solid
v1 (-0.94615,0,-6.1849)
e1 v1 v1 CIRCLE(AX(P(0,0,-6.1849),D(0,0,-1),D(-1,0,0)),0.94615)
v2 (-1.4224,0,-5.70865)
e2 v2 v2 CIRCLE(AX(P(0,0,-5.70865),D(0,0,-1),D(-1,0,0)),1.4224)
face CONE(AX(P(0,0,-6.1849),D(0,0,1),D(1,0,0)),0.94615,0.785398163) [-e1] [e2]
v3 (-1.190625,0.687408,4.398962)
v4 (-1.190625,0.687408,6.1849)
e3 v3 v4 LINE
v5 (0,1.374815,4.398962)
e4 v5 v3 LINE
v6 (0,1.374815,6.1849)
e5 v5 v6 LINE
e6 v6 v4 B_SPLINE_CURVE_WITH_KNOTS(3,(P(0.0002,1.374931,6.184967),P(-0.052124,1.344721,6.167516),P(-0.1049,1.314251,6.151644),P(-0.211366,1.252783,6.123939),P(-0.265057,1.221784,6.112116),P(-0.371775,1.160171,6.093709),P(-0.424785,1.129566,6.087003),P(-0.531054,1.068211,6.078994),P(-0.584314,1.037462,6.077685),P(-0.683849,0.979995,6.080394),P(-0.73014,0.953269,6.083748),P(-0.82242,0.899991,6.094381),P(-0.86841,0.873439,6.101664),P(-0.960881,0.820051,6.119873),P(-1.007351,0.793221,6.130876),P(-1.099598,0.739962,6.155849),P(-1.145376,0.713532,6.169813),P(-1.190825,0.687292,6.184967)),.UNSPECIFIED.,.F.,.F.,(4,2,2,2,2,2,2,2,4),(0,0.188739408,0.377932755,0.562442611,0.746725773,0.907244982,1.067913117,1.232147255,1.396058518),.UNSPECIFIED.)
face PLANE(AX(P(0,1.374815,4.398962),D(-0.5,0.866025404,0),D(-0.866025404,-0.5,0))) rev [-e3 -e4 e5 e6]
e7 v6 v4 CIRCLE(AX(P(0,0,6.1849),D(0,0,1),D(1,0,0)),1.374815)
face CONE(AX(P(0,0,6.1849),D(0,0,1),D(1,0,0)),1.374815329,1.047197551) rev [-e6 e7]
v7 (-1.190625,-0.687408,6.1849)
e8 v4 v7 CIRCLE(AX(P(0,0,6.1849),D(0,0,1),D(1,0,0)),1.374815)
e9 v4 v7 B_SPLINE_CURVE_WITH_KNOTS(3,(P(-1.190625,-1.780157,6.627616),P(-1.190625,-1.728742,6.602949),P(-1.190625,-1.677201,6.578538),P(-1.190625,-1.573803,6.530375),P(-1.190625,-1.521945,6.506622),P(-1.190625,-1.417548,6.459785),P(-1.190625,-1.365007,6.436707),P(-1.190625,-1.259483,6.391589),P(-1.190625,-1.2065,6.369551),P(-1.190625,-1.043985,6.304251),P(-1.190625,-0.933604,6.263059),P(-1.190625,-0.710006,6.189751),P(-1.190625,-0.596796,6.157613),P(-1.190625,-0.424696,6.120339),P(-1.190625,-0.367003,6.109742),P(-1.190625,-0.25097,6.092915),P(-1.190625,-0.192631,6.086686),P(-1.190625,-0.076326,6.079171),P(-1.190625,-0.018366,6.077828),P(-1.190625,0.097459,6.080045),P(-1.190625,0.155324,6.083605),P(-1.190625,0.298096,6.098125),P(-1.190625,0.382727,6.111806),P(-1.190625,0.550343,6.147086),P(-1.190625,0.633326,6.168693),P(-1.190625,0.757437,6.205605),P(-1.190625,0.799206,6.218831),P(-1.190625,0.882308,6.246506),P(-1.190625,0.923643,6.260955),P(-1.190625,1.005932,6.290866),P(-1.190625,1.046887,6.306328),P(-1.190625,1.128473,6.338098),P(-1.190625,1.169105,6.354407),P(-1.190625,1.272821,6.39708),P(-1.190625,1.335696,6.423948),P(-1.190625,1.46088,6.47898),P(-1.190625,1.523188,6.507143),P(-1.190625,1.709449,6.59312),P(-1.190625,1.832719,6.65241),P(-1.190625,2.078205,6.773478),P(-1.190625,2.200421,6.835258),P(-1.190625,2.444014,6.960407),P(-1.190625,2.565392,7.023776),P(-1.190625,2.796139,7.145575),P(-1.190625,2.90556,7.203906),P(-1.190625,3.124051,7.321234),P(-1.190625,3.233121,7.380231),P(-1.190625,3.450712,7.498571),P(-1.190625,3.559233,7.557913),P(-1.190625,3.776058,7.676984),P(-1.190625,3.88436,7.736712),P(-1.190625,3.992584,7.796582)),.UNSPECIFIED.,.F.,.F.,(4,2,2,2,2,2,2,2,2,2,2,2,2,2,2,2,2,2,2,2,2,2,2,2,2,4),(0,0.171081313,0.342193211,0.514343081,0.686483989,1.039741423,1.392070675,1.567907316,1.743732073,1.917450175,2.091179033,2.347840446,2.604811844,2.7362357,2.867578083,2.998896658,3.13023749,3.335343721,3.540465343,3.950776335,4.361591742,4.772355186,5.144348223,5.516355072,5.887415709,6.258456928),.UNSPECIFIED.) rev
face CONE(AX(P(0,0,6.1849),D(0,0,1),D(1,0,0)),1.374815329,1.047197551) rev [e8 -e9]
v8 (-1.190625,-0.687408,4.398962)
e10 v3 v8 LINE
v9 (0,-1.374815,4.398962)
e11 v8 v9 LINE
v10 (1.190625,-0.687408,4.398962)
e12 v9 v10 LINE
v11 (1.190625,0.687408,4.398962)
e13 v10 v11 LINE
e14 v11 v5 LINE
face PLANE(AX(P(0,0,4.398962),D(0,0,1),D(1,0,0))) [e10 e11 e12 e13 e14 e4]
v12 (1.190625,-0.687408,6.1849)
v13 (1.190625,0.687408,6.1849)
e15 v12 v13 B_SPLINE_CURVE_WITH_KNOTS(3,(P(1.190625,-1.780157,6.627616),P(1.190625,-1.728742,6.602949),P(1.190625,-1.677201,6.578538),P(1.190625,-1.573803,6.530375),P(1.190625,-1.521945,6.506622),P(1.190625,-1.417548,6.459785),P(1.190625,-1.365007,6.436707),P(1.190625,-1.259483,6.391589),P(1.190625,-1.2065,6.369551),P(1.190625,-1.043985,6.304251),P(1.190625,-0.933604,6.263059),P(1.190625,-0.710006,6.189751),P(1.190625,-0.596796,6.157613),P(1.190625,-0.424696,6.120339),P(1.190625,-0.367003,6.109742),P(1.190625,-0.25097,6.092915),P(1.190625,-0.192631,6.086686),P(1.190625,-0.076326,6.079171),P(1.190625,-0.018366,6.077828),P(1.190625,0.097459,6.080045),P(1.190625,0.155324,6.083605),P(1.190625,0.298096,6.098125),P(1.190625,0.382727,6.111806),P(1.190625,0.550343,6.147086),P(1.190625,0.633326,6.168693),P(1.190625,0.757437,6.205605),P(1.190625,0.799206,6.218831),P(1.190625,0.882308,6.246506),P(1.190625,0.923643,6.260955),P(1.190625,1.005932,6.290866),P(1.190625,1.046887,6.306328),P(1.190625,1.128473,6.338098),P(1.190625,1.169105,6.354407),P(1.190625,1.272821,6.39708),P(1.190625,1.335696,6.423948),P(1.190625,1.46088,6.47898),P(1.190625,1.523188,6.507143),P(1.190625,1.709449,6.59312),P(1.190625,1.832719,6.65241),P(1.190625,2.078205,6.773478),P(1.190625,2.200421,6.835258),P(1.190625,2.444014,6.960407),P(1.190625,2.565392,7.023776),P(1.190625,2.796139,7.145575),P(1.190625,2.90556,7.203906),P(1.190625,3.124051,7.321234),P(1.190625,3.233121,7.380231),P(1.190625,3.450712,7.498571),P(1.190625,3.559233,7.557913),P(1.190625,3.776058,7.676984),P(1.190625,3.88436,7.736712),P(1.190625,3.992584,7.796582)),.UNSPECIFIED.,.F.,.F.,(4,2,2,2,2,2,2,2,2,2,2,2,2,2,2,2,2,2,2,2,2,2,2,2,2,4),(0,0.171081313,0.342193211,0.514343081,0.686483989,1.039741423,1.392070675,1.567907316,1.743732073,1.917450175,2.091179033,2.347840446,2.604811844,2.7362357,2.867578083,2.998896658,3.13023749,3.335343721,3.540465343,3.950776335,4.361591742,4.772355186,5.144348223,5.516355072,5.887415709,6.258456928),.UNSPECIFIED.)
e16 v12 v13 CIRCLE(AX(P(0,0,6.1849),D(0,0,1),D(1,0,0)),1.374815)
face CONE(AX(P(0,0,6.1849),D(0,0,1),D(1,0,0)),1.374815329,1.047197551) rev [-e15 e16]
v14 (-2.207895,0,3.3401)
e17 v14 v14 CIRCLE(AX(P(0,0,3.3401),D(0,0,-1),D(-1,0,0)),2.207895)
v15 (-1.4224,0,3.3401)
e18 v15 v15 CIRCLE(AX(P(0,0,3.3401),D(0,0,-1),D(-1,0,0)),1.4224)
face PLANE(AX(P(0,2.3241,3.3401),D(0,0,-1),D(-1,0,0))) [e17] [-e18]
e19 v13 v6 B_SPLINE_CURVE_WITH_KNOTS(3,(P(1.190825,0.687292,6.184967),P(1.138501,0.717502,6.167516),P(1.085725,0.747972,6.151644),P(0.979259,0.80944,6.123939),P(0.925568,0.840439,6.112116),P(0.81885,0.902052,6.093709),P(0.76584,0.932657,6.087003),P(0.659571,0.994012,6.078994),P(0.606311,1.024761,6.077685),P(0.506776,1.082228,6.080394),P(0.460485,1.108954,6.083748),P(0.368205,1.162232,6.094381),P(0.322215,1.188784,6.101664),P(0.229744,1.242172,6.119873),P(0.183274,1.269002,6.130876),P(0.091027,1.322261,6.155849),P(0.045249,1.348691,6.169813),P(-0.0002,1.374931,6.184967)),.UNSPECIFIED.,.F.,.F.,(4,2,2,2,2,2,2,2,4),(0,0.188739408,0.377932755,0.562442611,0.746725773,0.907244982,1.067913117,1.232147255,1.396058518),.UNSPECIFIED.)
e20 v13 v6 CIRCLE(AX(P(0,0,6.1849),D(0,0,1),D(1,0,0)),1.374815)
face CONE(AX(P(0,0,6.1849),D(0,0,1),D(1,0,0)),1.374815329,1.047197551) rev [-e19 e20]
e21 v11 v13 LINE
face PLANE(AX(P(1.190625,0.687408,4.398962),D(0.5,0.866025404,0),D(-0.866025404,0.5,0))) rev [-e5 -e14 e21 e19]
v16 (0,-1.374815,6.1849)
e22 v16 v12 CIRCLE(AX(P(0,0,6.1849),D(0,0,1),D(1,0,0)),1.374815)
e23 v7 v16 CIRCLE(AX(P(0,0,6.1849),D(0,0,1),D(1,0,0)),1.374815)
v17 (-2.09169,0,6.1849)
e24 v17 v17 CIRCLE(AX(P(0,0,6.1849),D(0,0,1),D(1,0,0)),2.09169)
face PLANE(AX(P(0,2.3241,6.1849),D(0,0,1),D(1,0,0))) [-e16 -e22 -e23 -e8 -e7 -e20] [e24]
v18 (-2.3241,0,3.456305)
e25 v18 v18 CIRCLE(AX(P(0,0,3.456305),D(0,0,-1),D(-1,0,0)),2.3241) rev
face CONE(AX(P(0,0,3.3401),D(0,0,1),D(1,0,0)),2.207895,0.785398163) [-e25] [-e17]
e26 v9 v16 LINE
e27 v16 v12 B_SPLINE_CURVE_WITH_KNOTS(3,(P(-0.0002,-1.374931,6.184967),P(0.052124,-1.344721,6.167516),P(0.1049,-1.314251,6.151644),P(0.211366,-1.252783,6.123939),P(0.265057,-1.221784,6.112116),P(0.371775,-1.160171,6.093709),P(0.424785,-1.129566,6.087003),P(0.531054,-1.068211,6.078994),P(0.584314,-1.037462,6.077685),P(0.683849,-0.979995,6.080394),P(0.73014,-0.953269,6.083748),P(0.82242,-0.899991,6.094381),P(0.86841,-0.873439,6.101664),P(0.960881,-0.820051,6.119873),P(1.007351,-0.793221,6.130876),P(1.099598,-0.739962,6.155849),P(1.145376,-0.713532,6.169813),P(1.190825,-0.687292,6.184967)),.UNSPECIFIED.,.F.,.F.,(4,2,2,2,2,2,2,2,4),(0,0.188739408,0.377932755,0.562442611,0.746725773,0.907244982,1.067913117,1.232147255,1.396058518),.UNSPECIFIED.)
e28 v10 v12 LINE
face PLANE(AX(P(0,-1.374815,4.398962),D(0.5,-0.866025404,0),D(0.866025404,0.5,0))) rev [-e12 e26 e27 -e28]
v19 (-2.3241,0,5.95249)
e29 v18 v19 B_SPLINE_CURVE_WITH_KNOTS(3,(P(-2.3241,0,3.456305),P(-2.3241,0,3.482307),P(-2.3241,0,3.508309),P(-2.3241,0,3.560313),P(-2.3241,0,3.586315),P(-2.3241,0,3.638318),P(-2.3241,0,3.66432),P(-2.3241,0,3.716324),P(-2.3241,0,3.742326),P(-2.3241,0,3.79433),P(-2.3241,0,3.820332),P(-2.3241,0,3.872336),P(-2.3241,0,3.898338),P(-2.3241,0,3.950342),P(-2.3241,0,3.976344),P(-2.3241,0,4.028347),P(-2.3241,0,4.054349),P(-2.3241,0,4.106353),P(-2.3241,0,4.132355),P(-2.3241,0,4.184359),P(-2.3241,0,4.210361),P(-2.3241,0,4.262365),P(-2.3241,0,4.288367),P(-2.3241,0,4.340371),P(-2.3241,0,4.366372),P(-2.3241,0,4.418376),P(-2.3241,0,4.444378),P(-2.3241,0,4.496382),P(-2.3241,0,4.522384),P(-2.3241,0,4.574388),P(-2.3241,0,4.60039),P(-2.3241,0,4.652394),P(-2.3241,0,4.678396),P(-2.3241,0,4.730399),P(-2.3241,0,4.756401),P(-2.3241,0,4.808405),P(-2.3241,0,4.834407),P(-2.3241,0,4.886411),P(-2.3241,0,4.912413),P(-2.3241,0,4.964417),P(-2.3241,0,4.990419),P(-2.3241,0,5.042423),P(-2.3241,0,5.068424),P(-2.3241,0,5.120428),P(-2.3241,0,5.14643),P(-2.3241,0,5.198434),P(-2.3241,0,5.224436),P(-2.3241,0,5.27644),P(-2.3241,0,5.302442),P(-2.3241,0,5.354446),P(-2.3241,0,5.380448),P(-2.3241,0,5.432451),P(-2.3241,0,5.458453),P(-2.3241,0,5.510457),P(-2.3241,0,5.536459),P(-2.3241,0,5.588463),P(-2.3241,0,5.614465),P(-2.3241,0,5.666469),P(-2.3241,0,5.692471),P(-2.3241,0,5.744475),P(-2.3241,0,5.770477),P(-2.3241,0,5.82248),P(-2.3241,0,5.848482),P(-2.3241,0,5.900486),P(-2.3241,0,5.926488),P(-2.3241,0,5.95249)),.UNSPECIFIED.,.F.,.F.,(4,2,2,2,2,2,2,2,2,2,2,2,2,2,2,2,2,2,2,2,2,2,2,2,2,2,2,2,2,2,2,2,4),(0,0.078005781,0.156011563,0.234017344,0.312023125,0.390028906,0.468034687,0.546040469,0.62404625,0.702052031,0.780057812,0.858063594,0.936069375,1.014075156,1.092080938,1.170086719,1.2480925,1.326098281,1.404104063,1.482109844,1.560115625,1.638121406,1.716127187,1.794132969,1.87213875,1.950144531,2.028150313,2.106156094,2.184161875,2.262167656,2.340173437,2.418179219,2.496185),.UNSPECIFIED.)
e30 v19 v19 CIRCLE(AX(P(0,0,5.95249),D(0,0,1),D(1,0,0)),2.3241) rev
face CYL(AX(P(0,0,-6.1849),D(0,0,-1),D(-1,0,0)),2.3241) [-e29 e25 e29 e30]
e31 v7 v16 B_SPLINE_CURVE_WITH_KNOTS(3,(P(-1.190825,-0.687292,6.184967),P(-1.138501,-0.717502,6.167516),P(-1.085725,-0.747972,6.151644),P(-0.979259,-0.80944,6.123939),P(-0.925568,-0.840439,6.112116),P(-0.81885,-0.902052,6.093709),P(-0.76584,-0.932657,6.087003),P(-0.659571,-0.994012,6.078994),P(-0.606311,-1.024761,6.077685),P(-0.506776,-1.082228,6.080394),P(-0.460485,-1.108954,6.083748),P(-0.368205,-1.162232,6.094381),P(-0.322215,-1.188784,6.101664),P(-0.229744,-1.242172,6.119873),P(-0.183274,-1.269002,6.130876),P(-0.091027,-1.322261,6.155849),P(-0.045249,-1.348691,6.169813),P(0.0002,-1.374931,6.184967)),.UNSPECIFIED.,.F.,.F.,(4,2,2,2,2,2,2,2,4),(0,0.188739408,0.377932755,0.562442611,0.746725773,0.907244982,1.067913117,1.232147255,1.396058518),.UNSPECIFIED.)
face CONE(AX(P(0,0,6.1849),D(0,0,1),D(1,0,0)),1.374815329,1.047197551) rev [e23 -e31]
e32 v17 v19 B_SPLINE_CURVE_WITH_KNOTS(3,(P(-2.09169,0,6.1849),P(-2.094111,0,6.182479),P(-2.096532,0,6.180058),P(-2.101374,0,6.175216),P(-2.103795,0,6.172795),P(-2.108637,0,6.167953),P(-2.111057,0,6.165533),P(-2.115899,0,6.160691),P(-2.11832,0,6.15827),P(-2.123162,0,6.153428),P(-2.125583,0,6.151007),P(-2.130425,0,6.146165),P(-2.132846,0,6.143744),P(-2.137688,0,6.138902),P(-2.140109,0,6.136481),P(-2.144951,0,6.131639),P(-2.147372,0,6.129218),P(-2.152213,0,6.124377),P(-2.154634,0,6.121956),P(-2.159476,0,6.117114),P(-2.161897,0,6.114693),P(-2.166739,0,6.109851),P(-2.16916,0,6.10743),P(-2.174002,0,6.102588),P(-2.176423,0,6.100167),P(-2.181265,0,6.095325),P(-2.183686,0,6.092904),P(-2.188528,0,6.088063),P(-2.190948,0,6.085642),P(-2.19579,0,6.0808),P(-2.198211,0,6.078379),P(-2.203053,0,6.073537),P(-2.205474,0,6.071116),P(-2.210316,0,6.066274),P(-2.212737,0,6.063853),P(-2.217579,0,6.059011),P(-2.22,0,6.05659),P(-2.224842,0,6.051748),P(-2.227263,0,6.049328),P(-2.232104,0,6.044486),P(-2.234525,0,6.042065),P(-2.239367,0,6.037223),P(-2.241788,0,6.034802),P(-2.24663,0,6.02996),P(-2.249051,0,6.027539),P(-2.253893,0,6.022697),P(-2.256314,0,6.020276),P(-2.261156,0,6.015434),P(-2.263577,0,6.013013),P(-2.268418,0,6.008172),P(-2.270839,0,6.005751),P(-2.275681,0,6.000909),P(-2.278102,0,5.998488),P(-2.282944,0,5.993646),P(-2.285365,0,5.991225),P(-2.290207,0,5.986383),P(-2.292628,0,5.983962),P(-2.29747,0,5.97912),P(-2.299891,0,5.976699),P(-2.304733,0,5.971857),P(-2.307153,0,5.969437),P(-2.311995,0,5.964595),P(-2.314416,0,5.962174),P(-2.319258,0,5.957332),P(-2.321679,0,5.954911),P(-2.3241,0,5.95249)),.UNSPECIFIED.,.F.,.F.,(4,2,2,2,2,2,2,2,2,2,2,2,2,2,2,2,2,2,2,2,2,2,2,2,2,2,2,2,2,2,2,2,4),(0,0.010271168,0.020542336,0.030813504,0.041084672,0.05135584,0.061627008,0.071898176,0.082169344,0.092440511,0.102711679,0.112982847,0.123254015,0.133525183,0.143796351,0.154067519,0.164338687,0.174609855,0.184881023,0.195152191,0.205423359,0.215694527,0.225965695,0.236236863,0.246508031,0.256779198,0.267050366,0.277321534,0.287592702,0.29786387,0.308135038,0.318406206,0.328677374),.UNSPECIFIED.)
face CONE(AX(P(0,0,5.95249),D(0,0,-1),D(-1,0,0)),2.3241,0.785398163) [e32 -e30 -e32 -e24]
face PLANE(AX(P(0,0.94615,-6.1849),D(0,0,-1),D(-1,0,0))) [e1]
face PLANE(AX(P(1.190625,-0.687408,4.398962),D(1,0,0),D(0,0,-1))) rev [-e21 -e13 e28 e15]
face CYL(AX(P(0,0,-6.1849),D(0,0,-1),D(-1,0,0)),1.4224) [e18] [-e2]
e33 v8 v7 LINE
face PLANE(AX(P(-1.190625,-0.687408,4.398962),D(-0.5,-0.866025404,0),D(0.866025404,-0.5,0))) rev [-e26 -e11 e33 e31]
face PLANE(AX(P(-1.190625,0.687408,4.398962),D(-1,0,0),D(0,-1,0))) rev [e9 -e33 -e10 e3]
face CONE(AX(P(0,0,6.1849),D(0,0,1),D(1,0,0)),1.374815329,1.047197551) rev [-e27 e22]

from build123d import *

# Parameters (mm, degrees)
CUT_EXTRUDE1_DEPTH = 1.7859375
CHAMFER1_SIZE      = 0.23241
CHAMFER2_SIZE      = 0.116205


with BuildPart() as part:
    # Sketch2 → Revolve1 (revolve)
    with BuildSketch(Plane(origin=(0, 0, 0), x_dir=(0, 0, -1), z_dir=(1, 0, 0))):
        Polygon((6.1849, 0.94615), (5.70865, 1.4224), (-3.3401, 1.4224), (-3.3401, 2.3241), (-6.1849, 2.3241), (-6.1849, 0), (6.1849, 0), align=None)
    revolve(axis=Axis((0, 0, -6.1849), (0, 0, 1)))

    # Sketch4 → Cut-Extrude1 (cut)
    with BuildSketch(Plane.XY.offset(6.1849)):
        Polygon((0, 1.374815329), (-1.190625, 0.687407664), (-1.190625, -0.687407664), (0, -1.374815329), (1.190625, -0.687407664), (1.190625, 0.687407664), align=None)
    extrude(amount=-CUT_EXTRUDE1_DEPTH, mode=Mode.SUBTRACT)

    # Cut-Extrude2 cone 1 section (through the dimple's axis) → Cut-Extrude2 (revolve, cut)
    with BuildSketch(Plane(origin=(0, 0, 6.1849), x_dir=(0, -1, 0), z_dir=(1, 0, 0))):
        Polygon((0, 0), (1.374815329, 0), (0, 0.79375), align=None)
    revolve(axis=Axis((0, 0, 6.1849), (0, 0, -1)), mode=Mode.SUBTRACT)

    # Chamfer1
    chamfer1_edges = [part.edges().sort_by_distance(p)[0] for p in [
        (0, -2.3241, 6.1849),
    ]]
    chamfer(chamfer1_edges, length=CHAMFER1_SIZE)

    # Chamfer2
    chamfer2_edges = [part.edges().sort_by_distance(p)[0] for p in [
        (0, -2.3241, 3.3401),
    ]]
    chamfer(chamfer2_edges, length=CHAMFER2_SIZE)


solid = part.part
